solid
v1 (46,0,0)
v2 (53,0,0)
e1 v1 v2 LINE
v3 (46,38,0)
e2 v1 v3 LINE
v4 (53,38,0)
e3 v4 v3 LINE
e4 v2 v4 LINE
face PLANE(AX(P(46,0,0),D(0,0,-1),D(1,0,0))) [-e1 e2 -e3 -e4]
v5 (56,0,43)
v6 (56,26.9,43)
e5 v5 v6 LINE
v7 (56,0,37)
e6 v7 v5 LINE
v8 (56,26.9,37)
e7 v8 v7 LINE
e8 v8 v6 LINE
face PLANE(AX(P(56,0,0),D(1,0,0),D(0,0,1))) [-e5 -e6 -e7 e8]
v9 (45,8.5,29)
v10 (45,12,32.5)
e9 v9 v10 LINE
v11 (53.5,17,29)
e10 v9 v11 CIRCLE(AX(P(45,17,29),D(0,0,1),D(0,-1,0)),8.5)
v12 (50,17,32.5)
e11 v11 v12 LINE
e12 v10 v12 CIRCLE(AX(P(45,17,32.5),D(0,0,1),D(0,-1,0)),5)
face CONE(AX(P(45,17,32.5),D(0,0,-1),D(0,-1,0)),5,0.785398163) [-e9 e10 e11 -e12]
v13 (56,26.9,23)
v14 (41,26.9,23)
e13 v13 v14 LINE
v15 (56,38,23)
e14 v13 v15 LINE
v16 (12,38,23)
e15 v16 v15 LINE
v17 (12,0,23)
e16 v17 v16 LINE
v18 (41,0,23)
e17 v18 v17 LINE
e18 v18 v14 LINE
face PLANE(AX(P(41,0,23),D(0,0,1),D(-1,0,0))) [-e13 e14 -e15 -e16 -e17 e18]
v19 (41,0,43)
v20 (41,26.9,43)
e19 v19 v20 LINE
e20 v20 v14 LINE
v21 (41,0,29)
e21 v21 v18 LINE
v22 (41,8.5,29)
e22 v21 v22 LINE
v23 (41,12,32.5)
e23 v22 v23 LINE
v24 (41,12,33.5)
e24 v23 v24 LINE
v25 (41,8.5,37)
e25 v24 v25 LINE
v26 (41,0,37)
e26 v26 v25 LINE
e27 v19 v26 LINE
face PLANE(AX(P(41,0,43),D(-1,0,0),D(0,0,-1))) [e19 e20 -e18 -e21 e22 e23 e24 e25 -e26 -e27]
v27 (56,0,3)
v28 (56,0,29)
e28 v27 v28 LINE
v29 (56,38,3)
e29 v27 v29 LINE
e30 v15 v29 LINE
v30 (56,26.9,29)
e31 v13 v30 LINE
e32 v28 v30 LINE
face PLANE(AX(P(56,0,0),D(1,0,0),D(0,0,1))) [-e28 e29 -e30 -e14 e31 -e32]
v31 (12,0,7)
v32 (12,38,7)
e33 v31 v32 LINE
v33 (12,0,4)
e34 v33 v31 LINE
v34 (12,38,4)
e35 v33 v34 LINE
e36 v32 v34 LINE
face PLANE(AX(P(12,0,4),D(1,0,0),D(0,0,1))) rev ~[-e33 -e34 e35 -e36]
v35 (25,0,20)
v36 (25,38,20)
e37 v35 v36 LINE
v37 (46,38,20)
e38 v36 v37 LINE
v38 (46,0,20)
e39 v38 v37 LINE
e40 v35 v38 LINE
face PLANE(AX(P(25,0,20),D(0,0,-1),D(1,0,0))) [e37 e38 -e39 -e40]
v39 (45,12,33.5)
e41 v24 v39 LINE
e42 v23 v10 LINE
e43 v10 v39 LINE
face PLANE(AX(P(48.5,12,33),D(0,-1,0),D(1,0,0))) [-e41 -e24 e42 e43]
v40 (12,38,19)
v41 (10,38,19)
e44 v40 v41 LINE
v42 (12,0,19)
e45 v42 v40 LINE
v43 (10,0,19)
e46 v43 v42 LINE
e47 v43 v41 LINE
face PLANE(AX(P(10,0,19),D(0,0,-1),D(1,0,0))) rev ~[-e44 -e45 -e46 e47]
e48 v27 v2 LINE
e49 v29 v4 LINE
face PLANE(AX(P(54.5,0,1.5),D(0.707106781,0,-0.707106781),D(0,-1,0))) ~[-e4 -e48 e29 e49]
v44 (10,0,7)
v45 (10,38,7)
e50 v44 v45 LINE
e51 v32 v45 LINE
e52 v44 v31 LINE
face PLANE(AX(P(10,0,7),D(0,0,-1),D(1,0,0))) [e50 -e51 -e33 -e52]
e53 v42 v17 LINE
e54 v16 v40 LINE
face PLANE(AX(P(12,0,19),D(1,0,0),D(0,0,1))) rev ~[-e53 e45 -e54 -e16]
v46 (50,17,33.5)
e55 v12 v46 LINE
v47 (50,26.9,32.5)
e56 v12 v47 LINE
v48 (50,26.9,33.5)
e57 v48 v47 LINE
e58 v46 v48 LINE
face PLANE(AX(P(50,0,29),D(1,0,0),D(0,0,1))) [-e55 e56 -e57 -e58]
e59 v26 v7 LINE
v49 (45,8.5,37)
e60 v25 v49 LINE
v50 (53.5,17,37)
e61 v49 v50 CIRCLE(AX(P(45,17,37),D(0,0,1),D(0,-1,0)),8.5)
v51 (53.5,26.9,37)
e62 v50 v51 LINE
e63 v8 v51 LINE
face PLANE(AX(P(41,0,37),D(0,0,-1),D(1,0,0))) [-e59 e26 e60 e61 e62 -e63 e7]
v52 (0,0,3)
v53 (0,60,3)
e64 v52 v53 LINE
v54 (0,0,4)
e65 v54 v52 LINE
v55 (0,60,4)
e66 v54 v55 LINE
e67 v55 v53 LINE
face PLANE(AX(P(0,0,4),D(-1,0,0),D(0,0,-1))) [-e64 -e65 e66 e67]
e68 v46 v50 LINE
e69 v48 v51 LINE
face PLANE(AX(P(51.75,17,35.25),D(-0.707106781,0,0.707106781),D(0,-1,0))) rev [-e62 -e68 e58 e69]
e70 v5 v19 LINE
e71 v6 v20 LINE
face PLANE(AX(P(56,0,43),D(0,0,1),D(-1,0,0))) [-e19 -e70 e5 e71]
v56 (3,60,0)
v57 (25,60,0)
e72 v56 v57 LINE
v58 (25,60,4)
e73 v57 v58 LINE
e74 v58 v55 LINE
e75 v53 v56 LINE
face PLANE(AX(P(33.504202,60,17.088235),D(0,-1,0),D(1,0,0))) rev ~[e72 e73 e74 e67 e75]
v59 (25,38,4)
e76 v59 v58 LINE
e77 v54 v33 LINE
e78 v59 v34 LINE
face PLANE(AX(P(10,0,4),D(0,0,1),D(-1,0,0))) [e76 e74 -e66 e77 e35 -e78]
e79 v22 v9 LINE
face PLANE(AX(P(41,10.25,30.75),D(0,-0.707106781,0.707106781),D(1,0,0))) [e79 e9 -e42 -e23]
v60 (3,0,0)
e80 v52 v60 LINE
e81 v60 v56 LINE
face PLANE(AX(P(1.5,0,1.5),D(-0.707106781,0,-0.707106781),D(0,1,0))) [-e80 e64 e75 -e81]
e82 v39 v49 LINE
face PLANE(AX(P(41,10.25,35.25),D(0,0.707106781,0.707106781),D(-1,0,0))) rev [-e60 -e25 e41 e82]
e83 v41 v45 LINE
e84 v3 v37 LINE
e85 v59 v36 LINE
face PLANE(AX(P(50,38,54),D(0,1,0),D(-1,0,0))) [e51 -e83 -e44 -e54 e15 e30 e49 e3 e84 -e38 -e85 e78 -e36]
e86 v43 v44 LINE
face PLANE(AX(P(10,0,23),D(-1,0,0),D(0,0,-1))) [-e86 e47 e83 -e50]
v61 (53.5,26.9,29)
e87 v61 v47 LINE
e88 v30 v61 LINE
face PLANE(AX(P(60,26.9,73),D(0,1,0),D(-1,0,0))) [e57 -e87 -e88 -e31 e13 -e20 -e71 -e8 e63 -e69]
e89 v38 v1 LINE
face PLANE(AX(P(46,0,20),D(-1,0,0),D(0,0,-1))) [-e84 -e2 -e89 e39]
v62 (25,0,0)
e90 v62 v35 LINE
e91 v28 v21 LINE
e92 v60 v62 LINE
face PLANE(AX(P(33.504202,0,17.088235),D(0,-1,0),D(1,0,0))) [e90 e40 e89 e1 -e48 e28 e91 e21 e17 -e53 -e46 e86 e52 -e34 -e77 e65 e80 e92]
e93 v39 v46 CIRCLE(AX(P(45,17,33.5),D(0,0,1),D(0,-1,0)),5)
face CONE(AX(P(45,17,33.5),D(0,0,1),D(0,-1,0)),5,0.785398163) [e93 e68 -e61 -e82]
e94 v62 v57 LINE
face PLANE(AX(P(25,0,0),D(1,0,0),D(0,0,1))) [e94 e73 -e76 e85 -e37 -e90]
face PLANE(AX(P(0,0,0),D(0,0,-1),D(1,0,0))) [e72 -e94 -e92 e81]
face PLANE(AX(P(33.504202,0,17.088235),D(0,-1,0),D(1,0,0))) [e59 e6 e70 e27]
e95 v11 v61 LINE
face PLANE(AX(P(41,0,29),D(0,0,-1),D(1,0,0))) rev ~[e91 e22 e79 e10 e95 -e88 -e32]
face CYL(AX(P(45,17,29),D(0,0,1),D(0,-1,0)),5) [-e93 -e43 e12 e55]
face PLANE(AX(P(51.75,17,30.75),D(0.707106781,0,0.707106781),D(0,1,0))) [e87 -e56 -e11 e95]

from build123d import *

# Parameters (mm, degrees)
F1_DEPTH  = 60
F2_W      = 100
F2_H      = 100
F3_DEPTH  = 22
F5_DEPTH  = 11.1
F6_W      = 15
F6_H      = 8
F7_DEPTH  = 12
F8_W      = 6
F8_H      = 8
F9_DEPTH  = 60.001
F10_W     = 2
F10_H     = 3
F10_H_2   = 4
F11_DEPTH = 60.001
F12_W     = 30
F12_H     = 15
F13_DEPTH = 22
F14_SIZE  = 3
F15_R     = 5
F16_SIZE  = 3.5


with BuildPart() as f1:
    # F0 (on Front) → F1 (new body)
    with BuildSketch(Plane.XZ):
        Polygon((0, 4), (0, 0), (25, 0), (25, 20), (46, 20), (46, 0), (56, 0), (56, 43), (41, 43), (41, 23), (10, 23), (10, 4), align=None)
    extrude(amount=-F1_DEPTH)

    # F2 (on face) → F3 (cut)
    with BuildSketch(Plane(origin=(0, 60, 0), x_dir=(-1, 0, 0), z_dir=(0, 1, 0))):
        with Locations((-50, 54)):
            Rectangle(F2_W, F2_H)
    extrude(amount=-F3_DEPTH, mode=Mode.SUBTRACT)

    # F4 (on face) → F5 (cut)
    with BuildSketch(Plane(origin=(0, 38, 0), x_dir=(-1, 0, 0), z_dir=(0, 1, 0))):
        Polygon((-110, 23), (-41, 23), (-10, 23), (-10, 123), (-110, 123), align=None)
    extrude(amount=-F5_DEPTH, mode=Mode.SUBTRACT)

    # F6 (on Front) → F7 (cut)
    with BuildSketch(Plane.XZ):
        with Locations((48.5, 33)):
            Rectangle(F6_W, F6_H)
    extrude(amount=-F7_DEPTH, mode=Mode.SUBTRACT)

    # F8 (on Front) → F9 (cut, through all)
    with BuildSketch(Plane.XZ):
        with Locations((53, 33)):
            Rectangle(F8_W, F8_H)
    extrude(amount=-F9_DEPTH, mode=Mode.SUBTRACT)

    # F10 (on Front) → F11 (cut, through all)
    with BuildSketch(Plane.XZ):
        with Locations((11, 5.5)):
            Rectangle(F10_W, F10_H)
        with Locations((11, 21)):
            Rectangle(F10_W, F10_H_2)
    extrude(amount=-F11_DEPTH, mode=Mode.SUBTRACT)

    # F12 (on face) → F13 (cut, through all)
    with BuildSketch(Plane(origin=(0, 60, 0), x_dir=(-1, 0, 0), z_dir=(0, 1, 0))):
        with Locations((-45, 7.5)):
            Rectangle(F12_W, F12_H)
    extrude(amount=-F13_DEPTH, mode=Mode.SUBTRACT)

    # F14
    f14_edges = [f1.edges().sort_by_distance(p)[0] for p in [
        (56, 19, 0),
        (0, 30, 0),
    ]]
    chamfer(f14_edges, length=F14_SIZE)

    # F15
    f15_edges = [f1.edges().sort_by_distance(p)[0] for p in [
        (50, 12, 33),
    ]]
    fillet(f15_edges, radius=F15_R)

    # F16
    f16_edges = [f1.edges().sort_by_distance(p)[0] for p in [
        (43, 12, 37),
        (43, 12, 29),
    ]]
    chamfer(f16_edges, length=F16_SIZE)


solid = f1.part
